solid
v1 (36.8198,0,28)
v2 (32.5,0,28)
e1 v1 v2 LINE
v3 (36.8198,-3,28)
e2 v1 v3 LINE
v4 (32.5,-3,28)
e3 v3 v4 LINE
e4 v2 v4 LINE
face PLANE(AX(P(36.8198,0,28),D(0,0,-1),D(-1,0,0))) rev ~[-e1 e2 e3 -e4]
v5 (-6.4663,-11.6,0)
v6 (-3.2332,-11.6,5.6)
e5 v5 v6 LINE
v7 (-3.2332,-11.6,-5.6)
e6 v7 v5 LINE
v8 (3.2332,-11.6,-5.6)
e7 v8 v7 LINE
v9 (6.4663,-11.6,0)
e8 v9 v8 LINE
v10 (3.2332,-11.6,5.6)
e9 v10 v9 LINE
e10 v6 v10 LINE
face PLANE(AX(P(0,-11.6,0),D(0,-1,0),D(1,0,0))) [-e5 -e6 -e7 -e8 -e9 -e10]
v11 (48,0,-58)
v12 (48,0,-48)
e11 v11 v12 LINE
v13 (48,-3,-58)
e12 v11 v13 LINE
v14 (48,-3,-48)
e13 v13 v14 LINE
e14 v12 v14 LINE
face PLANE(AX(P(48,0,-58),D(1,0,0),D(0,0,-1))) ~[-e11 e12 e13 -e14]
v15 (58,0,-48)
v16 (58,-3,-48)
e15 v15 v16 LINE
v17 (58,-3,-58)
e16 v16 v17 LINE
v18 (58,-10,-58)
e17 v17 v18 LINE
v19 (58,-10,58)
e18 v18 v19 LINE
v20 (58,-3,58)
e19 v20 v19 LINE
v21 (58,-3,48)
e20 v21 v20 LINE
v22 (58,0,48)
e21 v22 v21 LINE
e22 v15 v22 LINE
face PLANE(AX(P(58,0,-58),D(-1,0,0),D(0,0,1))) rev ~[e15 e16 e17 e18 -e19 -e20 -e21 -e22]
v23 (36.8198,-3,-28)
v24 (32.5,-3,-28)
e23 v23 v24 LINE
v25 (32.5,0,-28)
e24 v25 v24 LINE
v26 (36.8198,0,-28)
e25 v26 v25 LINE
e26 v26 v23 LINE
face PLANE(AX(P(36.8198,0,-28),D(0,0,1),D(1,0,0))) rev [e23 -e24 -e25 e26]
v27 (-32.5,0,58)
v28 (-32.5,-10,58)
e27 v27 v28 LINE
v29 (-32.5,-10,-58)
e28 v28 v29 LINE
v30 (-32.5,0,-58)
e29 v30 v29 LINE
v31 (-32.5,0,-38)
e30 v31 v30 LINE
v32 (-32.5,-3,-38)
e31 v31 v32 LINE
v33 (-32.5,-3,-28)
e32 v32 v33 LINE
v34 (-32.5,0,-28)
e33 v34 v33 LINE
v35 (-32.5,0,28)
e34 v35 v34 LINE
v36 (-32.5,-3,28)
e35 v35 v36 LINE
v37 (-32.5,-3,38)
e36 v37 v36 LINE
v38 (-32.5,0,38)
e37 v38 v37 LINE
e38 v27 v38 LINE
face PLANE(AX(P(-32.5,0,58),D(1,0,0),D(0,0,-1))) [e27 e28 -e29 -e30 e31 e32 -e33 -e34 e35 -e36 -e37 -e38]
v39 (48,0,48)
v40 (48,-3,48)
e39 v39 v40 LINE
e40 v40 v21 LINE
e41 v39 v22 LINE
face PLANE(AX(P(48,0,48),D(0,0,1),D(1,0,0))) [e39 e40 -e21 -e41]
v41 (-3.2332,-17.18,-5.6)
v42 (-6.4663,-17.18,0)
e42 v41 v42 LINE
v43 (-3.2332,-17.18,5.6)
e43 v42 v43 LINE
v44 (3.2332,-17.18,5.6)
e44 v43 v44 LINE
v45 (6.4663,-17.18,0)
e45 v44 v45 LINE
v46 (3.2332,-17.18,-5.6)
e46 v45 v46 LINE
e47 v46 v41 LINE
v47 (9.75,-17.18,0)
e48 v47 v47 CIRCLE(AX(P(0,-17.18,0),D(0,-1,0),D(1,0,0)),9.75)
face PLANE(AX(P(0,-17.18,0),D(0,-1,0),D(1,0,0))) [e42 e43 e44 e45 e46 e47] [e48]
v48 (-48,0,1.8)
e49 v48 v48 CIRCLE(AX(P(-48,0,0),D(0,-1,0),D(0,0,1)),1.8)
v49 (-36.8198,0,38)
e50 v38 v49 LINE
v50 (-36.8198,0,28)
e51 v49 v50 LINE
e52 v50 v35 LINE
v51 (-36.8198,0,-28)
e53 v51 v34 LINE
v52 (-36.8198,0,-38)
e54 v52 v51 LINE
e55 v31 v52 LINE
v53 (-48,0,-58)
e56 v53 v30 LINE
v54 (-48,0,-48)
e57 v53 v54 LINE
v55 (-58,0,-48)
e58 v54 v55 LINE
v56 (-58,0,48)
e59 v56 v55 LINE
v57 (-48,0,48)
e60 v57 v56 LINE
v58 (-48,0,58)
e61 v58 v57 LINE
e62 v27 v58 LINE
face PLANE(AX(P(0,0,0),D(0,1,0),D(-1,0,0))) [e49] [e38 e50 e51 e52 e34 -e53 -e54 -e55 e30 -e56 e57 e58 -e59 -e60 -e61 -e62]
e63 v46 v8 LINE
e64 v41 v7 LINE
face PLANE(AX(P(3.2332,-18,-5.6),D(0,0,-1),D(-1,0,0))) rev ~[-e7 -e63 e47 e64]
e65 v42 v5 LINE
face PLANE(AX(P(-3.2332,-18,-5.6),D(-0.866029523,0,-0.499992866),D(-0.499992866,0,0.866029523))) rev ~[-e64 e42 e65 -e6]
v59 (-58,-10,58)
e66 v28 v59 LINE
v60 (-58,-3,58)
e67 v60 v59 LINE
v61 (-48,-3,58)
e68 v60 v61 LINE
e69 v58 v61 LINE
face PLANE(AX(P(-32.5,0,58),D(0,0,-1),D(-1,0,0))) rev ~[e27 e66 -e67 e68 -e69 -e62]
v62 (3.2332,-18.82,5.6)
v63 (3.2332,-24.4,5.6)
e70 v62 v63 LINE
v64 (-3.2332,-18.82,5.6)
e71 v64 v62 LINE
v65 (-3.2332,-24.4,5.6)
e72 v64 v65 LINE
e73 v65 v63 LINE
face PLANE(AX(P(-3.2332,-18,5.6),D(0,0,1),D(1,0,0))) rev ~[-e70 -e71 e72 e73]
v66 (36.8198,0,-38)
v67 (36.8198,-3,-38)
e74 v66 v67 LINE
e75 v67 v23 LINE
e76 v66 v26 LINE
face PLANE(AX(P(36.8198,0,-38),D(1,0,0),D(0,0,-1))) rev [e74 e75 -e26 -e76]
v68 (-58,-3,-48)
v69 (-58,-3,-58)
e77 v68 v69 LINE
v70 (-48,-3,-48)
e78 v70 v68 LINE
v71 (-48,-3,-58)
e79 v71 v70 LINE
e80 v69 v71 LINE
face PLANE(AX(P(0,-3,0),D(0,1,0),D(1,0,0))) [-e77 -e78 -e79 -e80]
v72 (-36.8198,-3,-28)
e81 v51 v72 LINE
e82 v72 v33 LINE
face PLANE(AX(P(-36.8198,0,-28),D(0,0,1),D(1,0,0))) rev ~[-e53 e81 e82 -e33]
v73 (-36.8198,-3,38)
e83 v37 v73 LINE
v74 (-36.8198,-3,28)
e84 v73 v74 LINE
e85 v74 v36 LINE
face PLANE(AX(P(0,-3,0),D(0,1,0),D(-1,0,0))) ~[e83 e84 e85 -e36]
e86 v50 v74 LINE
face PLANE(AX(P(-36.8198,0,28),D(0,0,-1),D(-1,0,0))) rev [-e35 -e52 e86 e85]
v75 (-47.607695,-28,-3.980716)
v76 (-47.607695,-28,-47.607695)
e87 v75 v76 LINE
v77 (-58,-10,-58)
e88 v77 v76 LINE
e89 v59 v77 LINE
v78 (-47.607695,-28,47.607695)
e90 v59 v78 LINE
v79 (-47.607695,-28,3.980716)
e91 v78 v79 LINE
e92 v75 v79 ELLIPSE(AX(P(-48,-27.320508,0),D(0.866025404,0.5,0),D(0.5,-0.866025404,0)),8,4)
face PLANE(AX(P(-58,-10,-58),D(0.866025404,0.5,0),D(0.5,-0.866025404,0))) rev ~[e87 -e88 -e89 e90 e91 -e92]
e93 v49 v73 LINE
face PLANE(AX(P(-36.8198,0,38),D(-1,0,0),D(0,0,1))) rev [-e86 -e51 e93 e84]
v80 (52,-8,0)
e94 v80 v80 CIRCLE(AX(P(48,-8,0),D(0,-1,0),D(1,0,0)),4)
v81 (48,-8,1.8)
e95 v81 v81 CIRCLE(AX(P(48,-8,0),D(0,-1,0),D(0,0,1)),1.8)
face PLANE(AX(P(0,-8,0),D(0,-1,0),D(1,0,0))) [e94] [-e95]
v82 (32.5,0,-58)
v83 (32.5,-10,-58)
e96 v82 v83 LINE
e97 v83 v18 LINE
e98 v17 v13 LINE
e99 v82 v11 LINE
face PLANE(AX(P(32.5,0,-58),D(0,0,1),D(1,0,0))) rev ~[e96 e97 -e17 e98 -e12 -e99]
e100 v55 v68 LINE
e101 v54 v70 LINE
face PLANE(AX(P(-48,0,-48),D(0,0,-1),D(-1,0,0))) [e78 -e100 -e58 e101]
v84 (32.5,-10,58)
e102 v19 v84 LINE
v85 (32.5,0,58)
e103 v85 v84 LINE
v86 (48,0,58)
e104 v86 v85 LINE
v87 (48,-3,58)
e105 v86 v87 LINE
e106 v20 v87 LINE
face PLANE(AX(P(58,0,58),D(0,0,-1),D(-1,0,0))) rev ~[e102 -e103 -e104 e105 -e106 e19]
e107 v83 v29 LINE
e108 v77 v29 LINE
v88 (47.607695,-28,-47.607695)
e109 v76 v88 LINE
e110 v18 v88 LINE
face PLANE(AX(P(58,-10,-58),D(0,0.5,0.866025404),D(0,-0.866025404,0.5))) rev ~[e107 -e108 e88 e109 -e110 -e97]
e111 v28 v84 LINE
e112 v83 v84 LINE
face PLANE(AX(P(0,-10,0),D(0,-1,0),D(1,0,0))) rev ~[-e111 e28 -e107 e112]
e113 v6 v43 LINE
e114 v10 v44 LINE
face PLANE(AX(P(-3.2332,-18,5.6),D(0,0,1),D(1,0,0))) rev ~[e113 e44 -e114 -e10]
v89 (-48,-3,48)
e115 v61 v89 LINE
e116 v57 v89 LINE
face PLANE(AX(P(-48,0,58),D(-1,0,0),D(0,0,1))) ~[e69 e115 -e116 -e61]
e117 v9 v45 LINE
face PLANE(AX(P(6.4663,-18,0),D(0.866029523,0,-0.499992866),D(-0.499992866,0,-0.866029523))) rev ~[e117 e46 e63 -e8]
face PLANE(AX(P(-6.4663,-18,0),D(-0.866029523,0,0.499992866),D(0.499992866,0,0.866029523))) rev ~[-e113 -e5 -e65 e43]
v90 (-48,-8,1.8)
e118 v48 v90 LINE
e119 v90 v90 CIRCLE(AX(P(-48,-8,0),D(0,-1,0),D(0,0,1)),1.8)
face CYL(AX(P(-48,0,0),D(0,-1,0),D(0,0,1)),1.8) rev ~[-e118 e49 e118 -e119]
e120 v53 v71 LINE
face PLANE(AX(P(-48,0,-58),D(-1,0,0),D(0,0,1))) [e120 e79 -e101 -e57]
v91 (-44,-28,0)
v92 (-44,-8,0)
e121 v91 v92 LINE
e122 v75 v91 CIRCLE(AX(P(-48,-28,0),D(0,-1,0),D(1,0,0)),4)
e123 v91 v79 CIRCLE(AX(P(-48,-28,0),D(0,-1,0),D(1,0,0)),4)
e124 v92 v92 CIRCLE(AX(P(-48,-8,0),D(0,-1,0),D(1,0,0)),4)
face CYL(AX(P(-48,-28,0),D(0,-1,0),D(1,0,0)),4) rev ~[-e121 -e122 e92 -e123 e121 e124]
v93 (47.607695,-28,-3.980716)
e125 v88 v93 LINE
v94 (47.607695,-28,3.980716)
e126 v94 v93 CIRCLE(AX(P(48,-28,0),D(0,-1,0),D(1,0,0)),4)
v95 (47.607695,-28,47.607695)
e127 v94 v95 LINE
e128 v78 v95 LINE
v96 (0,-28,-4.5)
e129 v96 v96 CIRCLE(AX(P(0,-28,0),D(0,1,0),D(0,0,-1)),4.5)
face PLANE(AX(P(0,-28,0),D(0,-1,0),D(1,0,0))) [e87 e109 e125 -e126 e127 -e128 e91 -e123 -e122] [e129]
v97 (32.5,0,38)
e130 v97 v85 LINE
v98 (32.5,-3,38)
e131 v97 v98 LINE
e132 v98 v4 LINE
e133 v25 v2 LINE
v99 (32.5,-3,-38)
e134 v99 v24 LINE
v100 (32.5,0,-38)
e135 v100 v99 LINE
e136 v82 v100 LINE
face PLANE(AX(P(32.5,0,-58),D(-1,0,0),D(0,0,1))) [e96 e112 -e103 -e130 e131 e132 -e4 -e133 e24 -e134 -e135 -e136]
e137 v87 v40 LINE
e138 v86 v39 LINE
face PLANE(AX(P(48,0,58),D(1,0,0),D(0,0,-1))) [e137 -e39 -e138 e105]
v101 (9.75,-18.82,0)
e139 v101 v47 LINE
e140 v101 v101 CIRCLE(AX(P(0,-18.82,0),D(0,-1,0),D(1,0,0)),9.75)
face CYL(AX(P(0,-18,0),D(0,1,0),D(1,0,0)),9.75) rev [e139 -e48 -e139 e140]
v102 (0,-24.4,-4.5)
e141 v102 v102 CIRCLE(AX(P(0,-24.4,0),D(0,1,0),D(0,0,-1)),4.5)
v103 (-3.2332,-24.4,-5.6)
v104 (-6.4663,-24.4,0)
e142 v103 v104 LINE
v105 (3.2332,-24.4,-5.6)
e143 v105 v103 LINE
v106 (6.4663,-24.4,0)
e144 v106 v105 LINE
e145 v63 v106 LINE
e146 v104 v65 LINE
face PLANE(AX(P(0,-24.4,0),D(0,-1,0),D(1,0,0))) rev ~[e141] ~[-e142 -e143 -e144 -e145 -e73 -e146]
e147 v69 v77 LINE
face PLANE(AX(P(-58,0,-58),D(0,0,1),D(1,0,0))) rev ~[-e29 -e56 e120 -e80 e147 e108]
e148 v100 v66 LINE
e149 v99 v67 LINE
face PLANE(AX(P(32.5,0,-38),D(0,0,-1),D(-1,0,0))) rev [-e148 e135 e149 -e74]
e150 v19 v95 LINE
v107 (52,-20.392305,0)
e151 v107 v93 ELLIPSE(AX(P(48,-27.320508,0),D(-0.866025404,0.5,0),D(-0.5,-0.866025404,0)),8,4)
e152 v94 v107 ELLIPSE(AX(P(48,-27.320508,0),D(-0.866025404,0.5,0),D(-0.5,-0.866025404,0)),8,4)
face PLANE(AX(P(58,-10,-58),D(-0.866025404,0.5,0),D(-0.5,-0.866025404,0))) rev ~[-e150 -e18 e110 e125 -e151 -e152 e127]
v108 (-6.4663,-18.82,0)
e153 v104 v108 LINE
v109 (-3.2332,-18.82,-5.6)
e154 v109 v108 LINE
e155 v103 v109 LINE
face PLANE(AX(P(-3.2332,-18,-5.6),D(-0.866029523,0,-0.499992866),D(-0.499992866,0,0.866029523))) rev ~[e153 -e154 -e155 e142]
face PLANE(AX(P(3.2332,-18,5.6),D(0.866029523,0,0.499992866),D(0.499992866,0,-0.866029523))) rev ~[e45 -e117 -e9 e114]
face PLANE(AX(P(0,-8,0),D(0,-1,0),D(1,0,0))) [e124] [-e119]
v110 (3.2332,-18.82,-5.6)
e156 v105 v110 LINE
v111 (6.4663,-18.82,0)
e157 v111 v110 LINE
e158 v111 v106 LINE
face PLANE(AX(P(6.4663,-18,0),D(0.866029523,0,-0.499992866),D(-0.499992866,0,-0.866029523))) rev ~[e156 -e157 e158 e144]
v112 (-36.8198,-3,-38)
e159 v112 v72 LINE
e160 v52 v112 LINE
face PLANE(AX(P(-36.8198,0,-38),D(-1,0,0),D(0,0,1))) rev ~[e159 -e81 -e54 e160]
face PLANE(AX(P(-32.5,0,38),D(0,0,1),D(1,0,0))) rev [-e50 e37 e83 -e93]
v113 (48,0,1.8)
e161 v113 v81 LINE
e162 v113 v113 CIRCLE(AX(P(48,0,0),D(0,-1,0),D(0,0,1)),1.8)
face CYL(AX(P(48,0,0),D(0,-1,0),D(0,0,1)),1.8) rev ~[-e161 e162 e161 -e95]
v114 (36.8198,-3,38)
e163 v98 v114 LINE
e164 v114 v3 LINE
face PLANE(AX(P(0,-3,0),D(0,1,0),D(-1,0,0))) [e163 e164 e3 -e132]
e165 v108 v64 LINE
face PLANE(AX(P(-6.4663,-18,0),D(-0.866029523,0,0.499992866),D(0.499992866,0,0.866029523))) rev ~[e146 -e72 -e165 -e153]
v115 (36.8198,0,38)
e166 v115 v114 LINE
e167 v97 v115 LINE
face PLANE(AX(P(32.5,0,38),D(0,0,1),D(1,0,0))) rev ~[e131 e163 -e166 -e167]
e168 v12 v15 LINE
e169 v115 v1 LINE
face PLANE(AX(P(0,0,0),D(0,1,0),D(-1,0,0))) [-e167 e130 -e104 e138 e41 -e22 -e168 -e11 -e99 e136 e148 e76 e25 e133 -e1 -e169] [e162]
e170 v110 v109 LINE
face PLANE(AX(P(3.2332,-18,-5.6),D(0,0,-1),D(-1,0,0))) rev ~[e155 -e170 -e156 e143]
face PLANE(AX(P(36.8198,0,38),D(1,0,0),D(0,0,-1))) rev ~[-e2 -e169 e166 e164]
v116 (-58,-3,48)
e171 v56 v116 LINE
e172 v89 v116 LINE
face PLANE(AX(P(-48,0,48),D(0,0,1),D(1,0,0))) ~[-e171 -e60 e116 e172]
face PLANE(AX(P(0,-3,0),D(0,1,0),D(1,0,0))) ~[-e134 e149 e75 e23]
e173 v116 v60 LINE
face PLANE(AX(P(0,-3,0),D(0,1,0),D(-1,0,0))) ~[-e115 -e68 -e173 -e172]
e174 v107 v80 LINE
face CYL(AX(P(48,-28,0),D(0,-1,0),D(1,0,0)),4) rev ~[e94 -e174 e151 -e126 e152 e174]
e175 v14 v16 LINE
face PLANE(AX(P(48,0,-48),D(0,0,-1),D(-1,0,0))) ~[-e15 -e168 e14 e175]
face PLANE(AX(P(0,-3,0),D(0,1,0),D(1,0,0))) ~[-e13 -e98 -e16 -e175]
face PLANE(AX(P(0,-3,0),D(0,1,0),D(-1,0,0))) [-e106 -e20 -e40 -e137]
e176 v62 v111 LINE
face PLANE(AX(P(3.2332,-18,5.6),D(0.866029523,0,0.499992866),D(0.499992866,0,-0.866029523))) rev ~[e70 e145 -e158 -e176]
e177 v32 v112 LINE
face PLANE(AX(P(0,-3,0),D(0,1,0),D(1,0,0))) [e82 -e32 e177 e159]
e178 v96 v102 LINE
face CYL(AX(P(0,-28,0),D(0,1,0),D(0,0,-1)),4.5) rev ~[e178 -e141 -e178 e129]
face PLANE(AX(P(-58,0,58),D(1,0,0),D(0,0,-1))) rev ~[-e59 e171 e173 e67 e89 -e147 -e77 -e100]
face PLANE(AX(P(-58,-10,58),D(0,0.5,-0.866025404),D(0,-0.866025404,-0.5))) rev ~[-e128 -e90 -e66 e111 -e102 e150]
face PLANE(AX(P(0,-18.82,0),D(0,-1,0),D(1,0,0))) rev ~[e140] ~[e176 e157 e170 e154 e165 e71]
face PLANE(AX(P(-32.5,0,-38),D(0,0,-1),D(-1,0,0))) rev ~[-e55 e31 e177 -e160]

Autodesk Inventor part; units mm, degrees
ref_plane "YZ Plane" through (0, 0, 0) normal (1, 0, 0) x (0, 1, 0)
ref_plane "XZ Plane" through (0, 0, 0) normal (0, 1, 0) x (-1, 0, 0)
ref_plane "XY Plane" through (0, 0, 0) normal (0, 0, 1) x (1, 0, 0)
sketch "Boceto31" plane through (0, 0, 0) normal (0, 1, 0) x (-1, 0, 0)
  line L0 (-58, 58) -> (58, 58)
  line L1 (58, 58) -> (58, -58)
  line L2 (58, -58) -> (-58, -58)
  line L3 (-58, -58) -> (-58, 58)
  line L4 (-58, 58) -> (58, -58) construction
  line L5 (58, 58) -> (-58, -58) construction
  line L6 (-32.5, 58) -> (32.5, 58)
  line L7 (32.5, 58) -> (32.5, -58)
  line L8 (32.5, -58) -> (-32.5, -58)
  line L9 (-32.5, -58) -> (-32.5, 58)
  line L10 (-32.5, 58) -> (32.5, -58) construction
  line L11 (32.5, 58) -> (-32.5, -58) construction
  line L12 (-48, 0) -> (48, 0) construction
  point P0 (0, 0)
  dimension "d155" = 116
  dimension "d156" = 116
  dimension "d157" = 65
  dimension "d158" = 96
extrude "Extrusión10" add sketch "Boceto31" against normal blind 10 contours L0 L9 L2 L3 | L0 L1 L2 L7
sketch "Boceto32" plane through (0, -10, 0) normal (0, -1, 0) x (1, 0, 0)
  line L0 (-32.5, 58) -> (-58, 58) projected
  line L1 (58, -58) -> (58, 58) projected
  line L2 (-58, 58) -> (58, 58)
  line L3 (58, 58) -> (58, -58)
  line L4 (58, -58) -> (-58, -58)
  line L5 (-58, -58) -> (-58, 58)
  point P0 (0, 0)
extrude "Extrusión11" add sketch "Boceto32" along normal blind 18 draft -30
hole "Agujero7" at (-48, 0, 0) at (48, 0, 0) direction (0, -1, 0) diameter 3.6 end through all clearance for "Tornillo para maquinaria de cabeza plana" size "M3" standard "Perfil M métrico ANSI"
ref_plane "Plano de trabajo10" through (0, -18, 0) normal (0, -1, 0) x (1, 0, 0)
sketch "Boceto33" plane through (0, -18, 0) normal (0, -1, 0) x (1, 0, 0)
  line L0 (6.4663, 0) -> (3.2332, -5.6)
  line L1 (3.2332, -5.6) -> (-3.2332, -5.6)
  line L2 (-3.2332, -5.6) -> (-6.4663, 0)
  line L3 (-6.4663, 0) -> (-3.2332, 5.6)
  line L4 (-3.2332, 5.6) -> (3.2332, 5.6)
  line L5 (3.2332, 5.6) -> (6.4663, 0)
  point P0 (0, 0)
  point P1 (0, 0)
  dimension "d212" = 11.2
extrude "Extrusión12" cut sketch "Boceto33" along normal mid plane 12.8
sketch "Boceto34" plane through (0, -28, 0) normal (0, -1, 0) x (1, 0, 0)
  arc A0 (-47.6077, 1.7567) -> (-47.6077, -1.7567) centre (-48, 0) ccw projected
  circle A1 centre (-48, 0) radius 4
  line L0 (-17.8562, 0) -> (-10.0366, 0) construction
  circle A2 centre (48, 0) radius 4
  arc A3 (47.6077, -1.7567) -> (47.6077, 1.7567) centre (48, 0) ccw projected
  point P0 (0, 0)
  point P1 (0, 0)
  dimension "d194" = 8
  dimension "d197" = 96
hole "Agujero9" at (0, -28, 0) direction (0, 1, 0) diameter 9 depth 3.6 clearance for "Perno de cabeza hexagonal" size "M8" standard "Perfil M métrico ANSI"
sketch "Boceto35" plane through (0, 0, 0) normal (0, 1, 0) x (1, 0, 0)
  line L0 (-58, -58) -> (-58, 58) projected
  line L1 (-58, 58) -> (-48, 58)
  line L2 (-48, 58) -> (-48, 48)
  line L3 (-48, 48) -> (-58, 48)
  line L4 (-58, 48) -> (-58, 58)
  line L5 (-32.5, 58) -> (-32.5, -58) projected
  line L6 (-32.5, 38) -> (-36.8198, 38)
  line L7 (-36.8198, 38) -> (-36.8198, 28)
  line L8 (-36.8198, 28) -> (-32.5, 28)
  line L9 (-32.5, 28) -> (-32.5, 38)
  line L10 (-32.5, 58) -> (-58, 58) projected
  point P0 (0, 0)
  dimension "d188" = 10
  dimension "d189" = 10
  dimension "d190" = 10
  dimension "d191" = 20
extrude "Extrusión13" cut sketch "Boceto35" against normal blind 3
mirror "Simetría2" about plane through (0, 0, 0) normal (1, 0, 0) of "Extrusión13"
mirror "Simetría3" about plane through (0, 0, 0) normal (0, 0, 1) of "Extrusión13", "Simetría2"
extrude "Extrusión14" cut sketch "Boceto34" against normal blind 20
sketch "Boceto37" plane through (0, -18, 0) normal (0, -1, 0) x (1, 0, 0)
  circle A0 centre (0, 0) radius 9.75
  dimension "d209" = 19.5
extrude "Extrusión16" cut sketch "Boceto37" along normal mid plane 1.64
properties part number "soporte_v2_3DPrint"
